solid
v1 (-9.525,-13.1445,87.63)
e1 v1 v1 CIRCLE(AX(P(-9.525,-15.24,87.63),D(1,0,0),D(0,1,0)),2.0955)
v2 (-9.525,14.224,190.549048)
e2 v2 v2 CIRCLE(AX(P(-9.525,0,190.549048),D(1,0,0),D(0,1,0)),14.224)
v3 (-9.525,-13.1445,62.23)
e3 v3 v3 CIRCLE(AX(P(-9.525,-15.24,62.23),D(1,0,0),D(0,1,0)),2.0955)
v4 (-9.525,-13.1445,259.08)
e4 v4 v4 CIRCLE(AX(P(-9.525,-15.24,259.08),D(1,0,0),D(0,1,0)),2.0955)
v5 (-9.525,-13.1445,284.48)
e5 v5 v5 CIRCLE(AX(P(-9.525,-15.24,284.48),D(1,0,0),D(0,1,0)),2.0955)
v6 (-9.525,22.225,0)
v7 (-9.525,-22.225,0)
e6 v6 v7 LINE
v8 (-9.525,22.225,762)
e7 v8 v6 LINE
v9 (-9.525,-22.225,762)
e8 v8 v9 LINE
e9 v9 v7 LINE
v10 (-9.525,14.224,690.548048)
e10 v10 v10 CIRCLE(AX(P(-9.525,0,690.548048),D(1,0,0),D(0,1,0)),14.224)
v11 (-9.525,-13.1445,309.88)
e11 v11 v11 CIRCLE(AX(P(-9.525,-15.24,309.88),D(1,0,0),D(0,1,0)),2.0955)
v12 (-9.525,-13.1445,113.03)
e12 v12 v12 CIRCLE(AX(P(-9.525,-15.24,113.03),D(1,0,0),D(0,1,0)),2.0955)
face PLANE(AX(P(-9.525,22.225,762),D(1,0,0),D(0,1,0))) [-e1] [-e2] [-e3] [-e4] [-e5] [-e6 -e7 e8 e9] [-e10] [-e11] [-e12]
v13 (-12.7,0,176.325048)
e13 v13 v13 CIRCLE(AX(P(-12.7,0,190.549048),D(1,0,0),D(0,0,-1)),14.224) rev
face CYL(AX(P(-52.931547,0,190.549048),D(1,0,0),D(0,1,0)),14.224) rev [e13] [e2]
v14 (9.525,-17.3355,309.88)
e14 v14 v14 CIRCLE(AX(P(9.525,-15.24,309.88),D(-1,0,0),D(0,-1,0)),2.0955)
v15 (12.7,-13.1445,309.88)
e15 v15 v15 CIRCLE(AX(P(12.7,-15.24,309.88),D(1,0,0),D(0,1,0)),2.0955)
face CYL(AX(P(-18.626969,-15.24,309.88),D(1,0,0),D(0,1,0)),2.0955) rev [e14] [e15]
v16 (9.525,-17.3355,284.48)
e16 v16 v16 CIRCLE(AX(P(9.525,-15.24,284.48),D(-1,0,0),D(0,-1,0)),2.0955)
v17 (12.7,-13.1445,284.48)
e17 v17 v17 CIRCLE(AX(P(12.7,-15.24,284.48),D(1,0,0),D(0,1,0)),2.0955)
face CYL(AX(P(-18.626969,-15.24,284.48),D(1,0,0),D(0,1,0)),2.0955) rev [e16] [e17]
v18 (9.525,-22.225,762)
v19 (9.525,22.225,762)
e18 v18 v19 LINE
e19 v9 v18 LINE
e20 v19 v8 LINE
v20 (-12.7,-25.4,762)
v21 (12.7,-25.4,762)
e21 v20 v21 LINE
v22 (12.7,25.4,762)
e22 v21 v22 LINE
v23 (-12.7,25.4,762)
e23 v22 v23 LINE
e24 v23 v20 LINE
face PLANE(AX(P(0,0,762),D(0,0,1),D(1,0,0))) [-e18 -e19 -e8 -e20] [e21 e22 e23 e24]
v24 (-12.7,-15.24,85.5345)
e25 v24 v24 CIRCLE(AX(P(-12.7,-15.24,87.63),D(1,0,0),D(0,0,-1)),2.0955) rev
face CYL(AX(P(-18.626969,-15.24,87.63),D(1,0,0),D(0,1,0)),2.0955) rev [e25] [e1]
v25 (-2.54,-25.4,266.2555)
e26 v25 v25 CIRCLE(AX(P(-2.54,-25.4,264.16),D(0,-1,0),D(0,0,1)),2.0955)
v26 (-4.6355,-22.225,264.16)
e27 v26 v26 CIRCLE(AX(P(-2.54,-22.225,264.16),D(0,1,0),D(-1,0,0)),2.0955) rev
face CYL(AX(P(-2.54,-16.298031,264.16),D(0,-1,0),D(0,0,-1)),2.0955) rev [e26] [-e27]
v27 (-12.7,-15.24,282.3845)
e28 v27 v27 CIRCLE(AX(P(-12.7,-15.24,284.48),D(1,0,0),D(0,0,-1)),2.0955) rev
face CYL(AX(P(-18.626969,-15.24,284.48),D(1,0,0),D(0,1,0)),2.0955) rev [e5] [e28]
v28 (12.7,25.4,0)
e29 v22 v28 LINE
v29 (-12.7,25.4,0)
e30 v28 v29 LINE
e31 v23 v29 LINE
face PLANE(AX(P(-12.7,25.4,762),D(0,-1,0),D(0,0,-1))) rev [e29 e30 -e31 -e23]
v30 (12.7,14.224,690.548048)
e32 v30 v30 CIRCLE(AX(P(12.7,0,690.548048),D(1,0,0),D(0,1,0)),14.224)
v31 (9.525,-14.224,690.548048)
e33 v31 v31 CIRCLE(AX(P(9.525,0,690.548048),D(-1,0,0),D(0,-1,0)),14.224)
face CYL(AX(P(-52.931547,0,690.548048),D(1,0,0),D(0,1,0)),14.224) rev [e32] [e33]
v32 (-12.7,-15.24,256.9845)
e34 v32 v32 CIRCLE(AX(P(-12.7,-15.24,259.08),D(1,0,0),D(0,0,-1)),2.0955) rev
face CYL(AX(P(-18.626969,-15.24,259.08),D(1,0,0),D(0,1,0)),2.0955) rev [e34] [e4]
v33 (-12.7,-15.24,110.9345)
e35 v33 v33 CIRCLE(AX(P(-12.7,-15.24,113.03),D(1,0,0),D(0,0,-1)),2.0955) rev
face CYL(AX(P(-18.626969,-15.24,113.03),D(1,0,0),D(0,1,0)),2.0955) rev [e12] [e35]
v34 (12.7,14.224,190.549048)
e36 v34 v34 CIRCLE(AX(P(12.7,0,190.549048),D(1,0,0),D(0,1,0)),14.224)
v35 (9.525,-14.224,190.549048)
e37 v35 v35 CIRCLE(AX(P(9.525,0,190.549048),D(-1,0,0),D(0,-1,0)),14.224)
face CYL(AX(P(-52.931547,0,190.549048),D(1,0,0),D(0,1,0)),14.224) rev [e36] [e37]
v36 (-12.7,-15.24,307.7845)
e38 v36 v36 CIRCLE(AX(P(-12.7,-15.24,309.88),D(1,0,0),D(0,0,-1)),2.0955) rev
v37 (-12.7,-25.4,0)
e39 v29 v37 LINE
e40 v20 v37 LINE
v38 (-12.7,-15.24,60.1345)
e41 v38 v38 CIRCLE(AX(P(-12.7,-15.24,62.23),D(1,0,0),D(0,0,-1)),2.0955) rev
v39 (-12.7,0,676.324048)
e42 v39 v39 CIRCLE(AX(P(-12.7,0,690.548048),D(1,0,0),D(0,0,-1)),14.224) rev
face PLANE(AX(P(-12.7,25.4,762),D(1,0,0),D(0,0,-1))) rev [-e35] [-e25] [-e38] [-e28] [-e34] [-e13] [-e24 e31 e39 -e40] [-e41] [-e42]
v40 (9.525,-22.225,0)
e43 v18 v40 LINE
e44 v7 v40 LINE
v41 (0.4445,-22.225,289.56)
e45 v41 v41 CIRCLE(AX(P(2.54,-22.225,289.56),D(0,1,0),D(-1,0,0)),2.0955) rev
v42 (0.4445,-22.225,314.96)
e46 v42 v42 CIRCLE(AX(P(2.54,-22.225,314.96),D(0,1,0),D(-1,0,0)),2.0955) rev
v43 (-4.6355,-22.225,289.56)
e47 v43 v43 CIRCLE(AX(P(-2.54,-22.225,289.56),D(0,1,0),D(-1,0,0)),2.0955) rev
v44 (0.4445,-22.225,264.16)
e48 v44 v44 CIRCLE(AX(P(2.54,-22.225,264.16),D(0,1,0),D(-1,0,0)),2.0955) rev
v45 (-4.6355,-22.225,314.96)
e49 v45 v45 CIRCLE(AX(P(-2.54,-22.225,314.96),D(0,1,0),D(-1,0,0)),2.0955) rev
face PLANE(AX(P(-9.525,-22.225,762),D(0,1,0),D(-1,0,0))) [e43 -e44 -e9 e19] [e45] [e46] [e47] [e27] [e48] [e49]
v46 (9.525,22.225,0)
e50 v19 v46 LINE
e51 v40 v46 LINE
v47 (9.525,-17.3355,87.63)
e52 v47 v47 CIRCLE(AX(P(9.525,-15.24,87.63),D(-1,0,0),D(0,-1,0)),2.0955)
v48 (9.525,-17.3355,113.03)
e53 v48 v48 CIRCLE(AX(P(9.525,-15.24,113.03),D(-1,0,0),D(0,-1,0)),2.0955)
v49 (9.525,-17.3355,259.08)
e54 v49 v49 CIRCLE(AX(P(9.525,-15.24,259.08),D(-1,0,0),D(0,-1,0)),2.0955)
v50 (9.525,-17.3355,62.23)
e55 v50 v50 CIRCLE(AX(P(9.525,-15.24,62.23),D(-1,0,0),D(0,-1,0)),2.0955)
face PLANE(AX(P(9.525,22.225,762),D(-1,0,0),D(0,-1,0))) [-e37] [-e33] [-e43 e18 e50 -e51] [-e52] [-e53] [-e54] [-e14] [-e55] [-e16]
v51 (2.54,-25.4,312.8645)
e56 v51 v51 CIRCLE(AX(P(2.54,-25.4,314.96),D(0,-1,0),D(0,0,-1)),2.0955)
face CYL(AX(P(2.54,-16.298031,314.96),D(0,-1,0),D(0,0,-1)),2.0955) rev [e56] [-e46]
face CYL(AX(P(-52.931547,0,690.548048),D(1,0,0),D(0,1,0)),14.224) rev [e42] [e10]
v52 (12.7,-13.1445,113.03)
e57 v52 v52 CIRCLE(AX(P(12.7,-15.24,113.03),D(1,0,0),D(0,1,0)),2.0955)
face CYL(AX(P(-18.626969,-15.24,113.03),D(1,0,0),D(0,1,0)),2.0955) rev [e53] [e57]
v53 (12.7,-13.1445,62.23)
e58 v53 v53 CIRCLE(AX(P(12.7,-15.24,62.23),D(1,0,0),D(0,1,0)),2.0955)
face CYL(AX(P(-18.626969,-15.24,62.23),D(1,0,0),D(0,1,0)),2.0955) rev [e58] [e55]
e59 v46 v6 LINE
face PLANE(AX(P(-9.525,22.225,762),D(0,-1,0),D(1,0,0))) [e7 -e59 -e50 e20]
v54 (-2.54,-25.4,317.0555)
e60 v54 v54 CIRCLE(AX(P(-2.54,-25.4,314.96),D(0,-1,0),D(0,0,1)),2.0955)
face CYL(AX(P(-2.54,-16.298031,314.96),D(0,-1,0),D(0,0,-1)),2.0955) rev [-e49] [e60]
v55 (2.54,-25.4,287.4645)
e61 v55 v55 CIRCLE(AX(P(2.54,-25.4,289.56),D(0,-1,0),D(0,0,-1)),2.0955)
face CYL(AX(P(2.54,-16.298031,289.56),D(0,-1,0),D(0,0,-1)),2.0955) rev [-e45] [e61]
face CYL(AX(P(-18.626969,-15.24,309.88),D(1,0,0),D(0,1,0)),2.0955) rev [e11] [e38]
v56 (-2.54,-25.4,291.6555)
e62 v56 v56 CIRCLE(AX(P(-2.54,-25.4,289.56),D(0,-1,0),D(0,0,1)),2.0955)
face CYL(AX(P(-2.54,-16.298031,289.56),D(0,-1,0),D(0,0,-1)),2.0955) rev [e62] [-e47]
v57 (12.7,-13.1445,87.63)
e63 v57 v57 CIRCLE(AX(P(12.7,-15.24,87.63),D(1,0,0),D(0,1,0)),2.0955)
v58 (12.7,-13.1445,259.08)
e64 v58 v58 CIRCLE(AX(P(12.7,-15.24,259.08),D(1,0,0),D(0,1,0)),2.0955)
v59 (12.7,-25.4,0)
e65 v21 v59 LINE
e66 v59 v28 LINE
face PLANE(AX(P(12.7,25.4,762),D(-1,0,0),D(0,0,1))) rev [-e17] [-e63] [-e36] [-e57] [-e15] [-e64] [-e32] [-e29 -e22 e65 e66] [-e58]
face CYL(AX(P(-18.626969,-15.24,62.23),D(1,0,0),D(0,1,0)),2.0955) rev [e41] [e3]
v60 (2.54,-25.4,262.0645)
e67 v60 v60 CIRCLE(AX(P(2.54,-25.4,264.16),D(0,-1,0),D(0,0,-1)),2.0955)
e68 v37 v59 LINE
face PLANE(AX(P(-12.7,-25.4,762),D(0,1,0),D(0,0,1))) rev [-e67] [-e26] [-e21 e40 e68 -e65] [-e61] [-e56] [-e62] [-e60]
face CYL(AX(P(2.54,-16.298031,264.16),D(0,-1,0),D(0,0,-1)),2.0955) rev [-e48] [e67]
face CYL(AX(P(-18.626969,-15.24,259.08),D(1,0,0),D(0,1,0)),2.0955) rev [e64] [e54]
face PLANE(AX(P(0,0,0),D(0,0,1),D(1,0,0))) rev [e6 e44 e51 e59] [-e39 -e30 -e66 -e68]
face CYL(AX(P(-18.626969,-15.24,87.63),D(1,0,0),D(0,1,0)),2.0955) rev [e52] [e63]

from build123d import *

# Parameters (mm, degrees)
SKETCH1_W           = 25.4
SKETCH1_H           = 50.8
SKETCH1_W_2         = 19.05
SKETCH1_H_2         = 44.45
BOSS_EXTRUDE1_DEPTH = 762
CUT_EXTRUDE1_REACH  = 764.846
SKETCH4_R           = 14.224
SKETCH5_R           = 2.0955
CUT_EXTRUDE2_DEPTH  = 3.175
CUT_EXTRUDE3_REACH  = 764.846
SKETCH7_R           = 2.0955


with BuildPart() as part:
    # Sketch1 → Boss-Extrude1 (new body)
    with BuildSketch(Plane.XY):
        Rectangle(SKETCH1_W, SKETCH1_H)
        Rectangle(SKETCH1_W_2, SKETCH1_H_2, mode=Mode.SUBTRACT)
    extrude(amount=BOSS_EXTRUDE1_DEPTH)

    # Cut-Extrude1: up to this face of the body (flat: up to its plane)
    cut_extrude1_end = Plane(part.part.faces().sort_by_distance((-12.7, 0, 381))[0])
    # Sketch4 → Cut-Extrude1 (cut, up to the picked face)
    with BuildSketch(Plane(origin=(12.7, 0, 0), x_dir=(0, 0, -1), z_dir=(1, 0, 0)), mode=Mode.PRIVATE) as cut_extrude1_sk1:
        with Locations(Location((-690.548048411, 0, 0), (0, 0, 90))):
            Circle(SKETCH4_R)
    cut_extrude1_tool1 = split(extrude(cut_extrude1_sk1.sketch, amount=-CUT_EXTRUDE1_REACH, mode=Mode.PRIVATE), bisect_by=cut_extrude1_end, keep=Keep.BOTH, mode=Mode.PRIVATE)
    # Sketch4 → Cut-Extrude1 (cut, up to the picked face)
    with BuildSketch(Plane(origin=(12.7, 0, 0), x_dir=(0, 0, -1), z_dir=(1, 0, 0)), mode=Mode.PRIVATE) as cut_extrude1_sk2:
        with Locations(Location((-190.549048411, 0, 0), (0, 0, 90))):
            Circle(SKETCH4_R)
    cut_extrude1_tool2 = split(extrude(cut_extrude1_sk2.sketch, amount=-CUT_EXTRUDE1_REACH, mode=Mode.PRIVATE), bisect_by=cut_extrude1_end, keep=Keep.BOTH, mode=Mode.PRIVATE)
    add(cut_extrude1_tool1.solids().sort_by(Axis((12.7, 0, 690.548048), (-1, 0, 0)))[0], mode=Mode.SUBTRACT)
    add(cut_extrude1_tool2.solids().sort_by(Axis((12.7, 0, 190.549048), (-1, 0, 0)))[0], mode=Mode.SUBTRACT)

    # Sketch5 → Cut-Extrude2 (cut)
    with BuildSketch(Plane.XZ.offset(25.4)):
        with Locations(Location((2.54, 264.16, 0), (0, 0, 270))):
            Circle(SKETCH5_R)
        with Locations(Location((2.54, 289.56, 0), (0, 0, 270))):
            Circle(SKETCH5_R)
        with Locations(Location((2.54, 314.96, 0), (0, 0, 270))):
            Circle(SKETCH5_R)
        with Locations(Location((-2.54, 264.16, 0), (0, 0, 180))):
            Circle(SKETCH5_R)
        with Locations(Location((-2.54, 289.56, 0), (0, 0, 180))):
            Circle(SKETCH5_R)
        with Locations(Location((-2.54, 314.96, 0), (0, 0, 180))):
            Circle(SKETCH5_R)
    extrude(amount=-CUT_EXTRUDE2_DEPTH, mode=Mode.SUBTRACT)

    # Cut-Extrude3: up to this face of the body (flat: up to its plane)
    cut_extrude3_end = Plane(part.part.faces().sort_by_distance((-12.7, 0, 378.978016644))[0])
    # Sketch7 → Cut-Extrude3 (cut, up to the picked face)
    with BuildSketch(Plane(origin=(12.7, 0, 0), x_dir=(0, 0, -1), z_dir=(1, 0, 0)), mode=Mode.PRIVATE) as cut_extrude3_sk1:
        with Locations(Location((-259.08, -15.24, 0), (0, 0, 90))):
            Circle(SKETCH7_R)
    cut_extrude3_tool1 = split(extrude(cut_extrude3_sk1.sketch, amount=-CUT_EXTRUDE3_REACH, mode=Mode.PRIVATE), bisect_by=cut_extrude3_end, keep=Keep.BOTH, mode=Mode.PRIVATE)
    # Sketch7 → Cut-Extrude3 (cut, up to the picked face)
    with BuildSketch(Plane(origin=(12.7, 0, 0), x_dir=(0, 0, -1), z_dir=(1, 0, 0)), mode=Mode.PRIVATE) as cut_extrude3_sk2:
        with Locations(Location((-284.48, -15.24, 0), (0, 0, 90))):
            Circle(SKETCH7_R)
    cut_extrude3_tool2 = split(extrude(cut_extrude3_sk2.sketch, amount=-CUT_EXTRUDE3_REACH, mode=Mode.PRIVATE), bisect_by=cut_extrude3_end, keep=Keep.BOTH, mode=Mode.PRIVATE)
    # Sketch7 → Cut-Extrude3 (cut, up to the picked face)
    with BuildSketch(Plane(origin=(12.7, 0, 0), x_dir=(0, 0, -1), z_dir=(1, 0, 0)), mode=Mode.PRIVATE) as cut_extrude3_sk3:
        with Locations(Location((-309.88, -15.24, 0), (0, 0, 90))):
            Circle(SKETCH7_R)
    cut_extrude3_tool3 = split(extrude(cut_extrude3_sk3.sketch, amount=-CUT_EXTRUDE3_REACH, mode=Mode.PRIVATE), bisect_by=cut_extrude3_end, keep=Keep.BOTH, mode=Mode.PRIVATE)
    # Sketch7 → Cut-Extrude3 (cut, up to the picked face)
    with BuildSketch(Plane(origin=(12.7, 0, 0), x_dir=(0, 0, -1), z_dir=(1, 0, 0)), mode=Mode.PRIVATE) as cut_extrude3_sk4:
        with Locations(Location((-87.63, -15.24, 0), (0, 0, 90))):
            Circle(SKETCH7_R)
    cut_extrude3_tool4 = split(extrude(cut_extrude3_sk4.sketch, amount=-CUT_EXTRUDE3_REACH, mode=Mode.PRIVATE), bisect_by=cut_extrude3_end, keep=Keep.BOTH, mode=Mode.PRIVATE)
    # Sketch7 → Cut-Extrude3 (cut, up to the picked face)
    with BuildSketch(Plane(origin=(12.7, 0, 0), x_dir=(0, 0, -1), z_dir=(1, 0, 0)), mode=Mode.PRIVATE) as cut_extrude3_sk5:
        with Locations(Location((-62.23, -15.24, 0), (0, 0, 90))):
            Circle(SKETCH7_R)
    cut_extrude3_tool5 = split(extrude(cut_extrude3_sk5.sketch, amount=-CUT_EXTRUDE3_REACH, mode=Mode.PRIVATE), bisect_by=cut_extrude3_end, keep=Keep.BOTH, mode=Mode.PRIVATE)
    # Sketch7 → Cut-Extrude3 (cut, up to the picked face)
    with BuildSketch(Plane(origin=(12.7, 0, 0), x_dir=(0, 0, -1), z_dir=(1, 0, 0)), mode=Mode.PRIVATE) as cut_extrude3_sk6:
        with Locations(Location((-113.03, -15.24, 0), (0, 0, 90))):
            Circle(SKETCH7_R)
    cut_extrude3_tool6 = split(extrude(cut_extrude3_sk6.sketch, amount=-CUT_EXTRUDE3_REACH, mode=Mode.PRIVATE), bisect_by=cut_extrude3_end, keep=Keep.BOTH, mode=Mode.PRIVATE)
    add(cut_extrude3_tool1.solids().sort_by(Axis((12.7, -15.24, 259.08), (-1, 0, 0)))[0], mode=Mode.SUBTRACT)
    add(cut_extrude3_tool2.solids().sort_by(Axis((12.7, -15.24, 284.48), (-1, 0, 0)))[0], mode=Mode.SUBTRACT)
    add(cut_extrude3_tool3.solids().sort_by(Axis((12.7, -15.24, 309.88), (-1, 0, 0)))[0], mode=Mode.SUBTRACT)
    add(cut_extrude3_tool4.solids().sort_by(Axis((12.7, -15.24, 87.63), (-1, 0, 0)))[0], mode=Mode.SUBTRACT)
    add(cut_extrude3_tool5.solids().sort_by(Axis((12.7, -15.24, 62.23), (-1, 0, 0)))[0], mode=Mode.SUBTRACT)
    add(cut_extrude3_tool6.solids().sort_by(Axis((12.7, -15.24, 113.03), (-1, 0, 0)))[0], mode=Mode.SUBTRACT)


solid = part.part
